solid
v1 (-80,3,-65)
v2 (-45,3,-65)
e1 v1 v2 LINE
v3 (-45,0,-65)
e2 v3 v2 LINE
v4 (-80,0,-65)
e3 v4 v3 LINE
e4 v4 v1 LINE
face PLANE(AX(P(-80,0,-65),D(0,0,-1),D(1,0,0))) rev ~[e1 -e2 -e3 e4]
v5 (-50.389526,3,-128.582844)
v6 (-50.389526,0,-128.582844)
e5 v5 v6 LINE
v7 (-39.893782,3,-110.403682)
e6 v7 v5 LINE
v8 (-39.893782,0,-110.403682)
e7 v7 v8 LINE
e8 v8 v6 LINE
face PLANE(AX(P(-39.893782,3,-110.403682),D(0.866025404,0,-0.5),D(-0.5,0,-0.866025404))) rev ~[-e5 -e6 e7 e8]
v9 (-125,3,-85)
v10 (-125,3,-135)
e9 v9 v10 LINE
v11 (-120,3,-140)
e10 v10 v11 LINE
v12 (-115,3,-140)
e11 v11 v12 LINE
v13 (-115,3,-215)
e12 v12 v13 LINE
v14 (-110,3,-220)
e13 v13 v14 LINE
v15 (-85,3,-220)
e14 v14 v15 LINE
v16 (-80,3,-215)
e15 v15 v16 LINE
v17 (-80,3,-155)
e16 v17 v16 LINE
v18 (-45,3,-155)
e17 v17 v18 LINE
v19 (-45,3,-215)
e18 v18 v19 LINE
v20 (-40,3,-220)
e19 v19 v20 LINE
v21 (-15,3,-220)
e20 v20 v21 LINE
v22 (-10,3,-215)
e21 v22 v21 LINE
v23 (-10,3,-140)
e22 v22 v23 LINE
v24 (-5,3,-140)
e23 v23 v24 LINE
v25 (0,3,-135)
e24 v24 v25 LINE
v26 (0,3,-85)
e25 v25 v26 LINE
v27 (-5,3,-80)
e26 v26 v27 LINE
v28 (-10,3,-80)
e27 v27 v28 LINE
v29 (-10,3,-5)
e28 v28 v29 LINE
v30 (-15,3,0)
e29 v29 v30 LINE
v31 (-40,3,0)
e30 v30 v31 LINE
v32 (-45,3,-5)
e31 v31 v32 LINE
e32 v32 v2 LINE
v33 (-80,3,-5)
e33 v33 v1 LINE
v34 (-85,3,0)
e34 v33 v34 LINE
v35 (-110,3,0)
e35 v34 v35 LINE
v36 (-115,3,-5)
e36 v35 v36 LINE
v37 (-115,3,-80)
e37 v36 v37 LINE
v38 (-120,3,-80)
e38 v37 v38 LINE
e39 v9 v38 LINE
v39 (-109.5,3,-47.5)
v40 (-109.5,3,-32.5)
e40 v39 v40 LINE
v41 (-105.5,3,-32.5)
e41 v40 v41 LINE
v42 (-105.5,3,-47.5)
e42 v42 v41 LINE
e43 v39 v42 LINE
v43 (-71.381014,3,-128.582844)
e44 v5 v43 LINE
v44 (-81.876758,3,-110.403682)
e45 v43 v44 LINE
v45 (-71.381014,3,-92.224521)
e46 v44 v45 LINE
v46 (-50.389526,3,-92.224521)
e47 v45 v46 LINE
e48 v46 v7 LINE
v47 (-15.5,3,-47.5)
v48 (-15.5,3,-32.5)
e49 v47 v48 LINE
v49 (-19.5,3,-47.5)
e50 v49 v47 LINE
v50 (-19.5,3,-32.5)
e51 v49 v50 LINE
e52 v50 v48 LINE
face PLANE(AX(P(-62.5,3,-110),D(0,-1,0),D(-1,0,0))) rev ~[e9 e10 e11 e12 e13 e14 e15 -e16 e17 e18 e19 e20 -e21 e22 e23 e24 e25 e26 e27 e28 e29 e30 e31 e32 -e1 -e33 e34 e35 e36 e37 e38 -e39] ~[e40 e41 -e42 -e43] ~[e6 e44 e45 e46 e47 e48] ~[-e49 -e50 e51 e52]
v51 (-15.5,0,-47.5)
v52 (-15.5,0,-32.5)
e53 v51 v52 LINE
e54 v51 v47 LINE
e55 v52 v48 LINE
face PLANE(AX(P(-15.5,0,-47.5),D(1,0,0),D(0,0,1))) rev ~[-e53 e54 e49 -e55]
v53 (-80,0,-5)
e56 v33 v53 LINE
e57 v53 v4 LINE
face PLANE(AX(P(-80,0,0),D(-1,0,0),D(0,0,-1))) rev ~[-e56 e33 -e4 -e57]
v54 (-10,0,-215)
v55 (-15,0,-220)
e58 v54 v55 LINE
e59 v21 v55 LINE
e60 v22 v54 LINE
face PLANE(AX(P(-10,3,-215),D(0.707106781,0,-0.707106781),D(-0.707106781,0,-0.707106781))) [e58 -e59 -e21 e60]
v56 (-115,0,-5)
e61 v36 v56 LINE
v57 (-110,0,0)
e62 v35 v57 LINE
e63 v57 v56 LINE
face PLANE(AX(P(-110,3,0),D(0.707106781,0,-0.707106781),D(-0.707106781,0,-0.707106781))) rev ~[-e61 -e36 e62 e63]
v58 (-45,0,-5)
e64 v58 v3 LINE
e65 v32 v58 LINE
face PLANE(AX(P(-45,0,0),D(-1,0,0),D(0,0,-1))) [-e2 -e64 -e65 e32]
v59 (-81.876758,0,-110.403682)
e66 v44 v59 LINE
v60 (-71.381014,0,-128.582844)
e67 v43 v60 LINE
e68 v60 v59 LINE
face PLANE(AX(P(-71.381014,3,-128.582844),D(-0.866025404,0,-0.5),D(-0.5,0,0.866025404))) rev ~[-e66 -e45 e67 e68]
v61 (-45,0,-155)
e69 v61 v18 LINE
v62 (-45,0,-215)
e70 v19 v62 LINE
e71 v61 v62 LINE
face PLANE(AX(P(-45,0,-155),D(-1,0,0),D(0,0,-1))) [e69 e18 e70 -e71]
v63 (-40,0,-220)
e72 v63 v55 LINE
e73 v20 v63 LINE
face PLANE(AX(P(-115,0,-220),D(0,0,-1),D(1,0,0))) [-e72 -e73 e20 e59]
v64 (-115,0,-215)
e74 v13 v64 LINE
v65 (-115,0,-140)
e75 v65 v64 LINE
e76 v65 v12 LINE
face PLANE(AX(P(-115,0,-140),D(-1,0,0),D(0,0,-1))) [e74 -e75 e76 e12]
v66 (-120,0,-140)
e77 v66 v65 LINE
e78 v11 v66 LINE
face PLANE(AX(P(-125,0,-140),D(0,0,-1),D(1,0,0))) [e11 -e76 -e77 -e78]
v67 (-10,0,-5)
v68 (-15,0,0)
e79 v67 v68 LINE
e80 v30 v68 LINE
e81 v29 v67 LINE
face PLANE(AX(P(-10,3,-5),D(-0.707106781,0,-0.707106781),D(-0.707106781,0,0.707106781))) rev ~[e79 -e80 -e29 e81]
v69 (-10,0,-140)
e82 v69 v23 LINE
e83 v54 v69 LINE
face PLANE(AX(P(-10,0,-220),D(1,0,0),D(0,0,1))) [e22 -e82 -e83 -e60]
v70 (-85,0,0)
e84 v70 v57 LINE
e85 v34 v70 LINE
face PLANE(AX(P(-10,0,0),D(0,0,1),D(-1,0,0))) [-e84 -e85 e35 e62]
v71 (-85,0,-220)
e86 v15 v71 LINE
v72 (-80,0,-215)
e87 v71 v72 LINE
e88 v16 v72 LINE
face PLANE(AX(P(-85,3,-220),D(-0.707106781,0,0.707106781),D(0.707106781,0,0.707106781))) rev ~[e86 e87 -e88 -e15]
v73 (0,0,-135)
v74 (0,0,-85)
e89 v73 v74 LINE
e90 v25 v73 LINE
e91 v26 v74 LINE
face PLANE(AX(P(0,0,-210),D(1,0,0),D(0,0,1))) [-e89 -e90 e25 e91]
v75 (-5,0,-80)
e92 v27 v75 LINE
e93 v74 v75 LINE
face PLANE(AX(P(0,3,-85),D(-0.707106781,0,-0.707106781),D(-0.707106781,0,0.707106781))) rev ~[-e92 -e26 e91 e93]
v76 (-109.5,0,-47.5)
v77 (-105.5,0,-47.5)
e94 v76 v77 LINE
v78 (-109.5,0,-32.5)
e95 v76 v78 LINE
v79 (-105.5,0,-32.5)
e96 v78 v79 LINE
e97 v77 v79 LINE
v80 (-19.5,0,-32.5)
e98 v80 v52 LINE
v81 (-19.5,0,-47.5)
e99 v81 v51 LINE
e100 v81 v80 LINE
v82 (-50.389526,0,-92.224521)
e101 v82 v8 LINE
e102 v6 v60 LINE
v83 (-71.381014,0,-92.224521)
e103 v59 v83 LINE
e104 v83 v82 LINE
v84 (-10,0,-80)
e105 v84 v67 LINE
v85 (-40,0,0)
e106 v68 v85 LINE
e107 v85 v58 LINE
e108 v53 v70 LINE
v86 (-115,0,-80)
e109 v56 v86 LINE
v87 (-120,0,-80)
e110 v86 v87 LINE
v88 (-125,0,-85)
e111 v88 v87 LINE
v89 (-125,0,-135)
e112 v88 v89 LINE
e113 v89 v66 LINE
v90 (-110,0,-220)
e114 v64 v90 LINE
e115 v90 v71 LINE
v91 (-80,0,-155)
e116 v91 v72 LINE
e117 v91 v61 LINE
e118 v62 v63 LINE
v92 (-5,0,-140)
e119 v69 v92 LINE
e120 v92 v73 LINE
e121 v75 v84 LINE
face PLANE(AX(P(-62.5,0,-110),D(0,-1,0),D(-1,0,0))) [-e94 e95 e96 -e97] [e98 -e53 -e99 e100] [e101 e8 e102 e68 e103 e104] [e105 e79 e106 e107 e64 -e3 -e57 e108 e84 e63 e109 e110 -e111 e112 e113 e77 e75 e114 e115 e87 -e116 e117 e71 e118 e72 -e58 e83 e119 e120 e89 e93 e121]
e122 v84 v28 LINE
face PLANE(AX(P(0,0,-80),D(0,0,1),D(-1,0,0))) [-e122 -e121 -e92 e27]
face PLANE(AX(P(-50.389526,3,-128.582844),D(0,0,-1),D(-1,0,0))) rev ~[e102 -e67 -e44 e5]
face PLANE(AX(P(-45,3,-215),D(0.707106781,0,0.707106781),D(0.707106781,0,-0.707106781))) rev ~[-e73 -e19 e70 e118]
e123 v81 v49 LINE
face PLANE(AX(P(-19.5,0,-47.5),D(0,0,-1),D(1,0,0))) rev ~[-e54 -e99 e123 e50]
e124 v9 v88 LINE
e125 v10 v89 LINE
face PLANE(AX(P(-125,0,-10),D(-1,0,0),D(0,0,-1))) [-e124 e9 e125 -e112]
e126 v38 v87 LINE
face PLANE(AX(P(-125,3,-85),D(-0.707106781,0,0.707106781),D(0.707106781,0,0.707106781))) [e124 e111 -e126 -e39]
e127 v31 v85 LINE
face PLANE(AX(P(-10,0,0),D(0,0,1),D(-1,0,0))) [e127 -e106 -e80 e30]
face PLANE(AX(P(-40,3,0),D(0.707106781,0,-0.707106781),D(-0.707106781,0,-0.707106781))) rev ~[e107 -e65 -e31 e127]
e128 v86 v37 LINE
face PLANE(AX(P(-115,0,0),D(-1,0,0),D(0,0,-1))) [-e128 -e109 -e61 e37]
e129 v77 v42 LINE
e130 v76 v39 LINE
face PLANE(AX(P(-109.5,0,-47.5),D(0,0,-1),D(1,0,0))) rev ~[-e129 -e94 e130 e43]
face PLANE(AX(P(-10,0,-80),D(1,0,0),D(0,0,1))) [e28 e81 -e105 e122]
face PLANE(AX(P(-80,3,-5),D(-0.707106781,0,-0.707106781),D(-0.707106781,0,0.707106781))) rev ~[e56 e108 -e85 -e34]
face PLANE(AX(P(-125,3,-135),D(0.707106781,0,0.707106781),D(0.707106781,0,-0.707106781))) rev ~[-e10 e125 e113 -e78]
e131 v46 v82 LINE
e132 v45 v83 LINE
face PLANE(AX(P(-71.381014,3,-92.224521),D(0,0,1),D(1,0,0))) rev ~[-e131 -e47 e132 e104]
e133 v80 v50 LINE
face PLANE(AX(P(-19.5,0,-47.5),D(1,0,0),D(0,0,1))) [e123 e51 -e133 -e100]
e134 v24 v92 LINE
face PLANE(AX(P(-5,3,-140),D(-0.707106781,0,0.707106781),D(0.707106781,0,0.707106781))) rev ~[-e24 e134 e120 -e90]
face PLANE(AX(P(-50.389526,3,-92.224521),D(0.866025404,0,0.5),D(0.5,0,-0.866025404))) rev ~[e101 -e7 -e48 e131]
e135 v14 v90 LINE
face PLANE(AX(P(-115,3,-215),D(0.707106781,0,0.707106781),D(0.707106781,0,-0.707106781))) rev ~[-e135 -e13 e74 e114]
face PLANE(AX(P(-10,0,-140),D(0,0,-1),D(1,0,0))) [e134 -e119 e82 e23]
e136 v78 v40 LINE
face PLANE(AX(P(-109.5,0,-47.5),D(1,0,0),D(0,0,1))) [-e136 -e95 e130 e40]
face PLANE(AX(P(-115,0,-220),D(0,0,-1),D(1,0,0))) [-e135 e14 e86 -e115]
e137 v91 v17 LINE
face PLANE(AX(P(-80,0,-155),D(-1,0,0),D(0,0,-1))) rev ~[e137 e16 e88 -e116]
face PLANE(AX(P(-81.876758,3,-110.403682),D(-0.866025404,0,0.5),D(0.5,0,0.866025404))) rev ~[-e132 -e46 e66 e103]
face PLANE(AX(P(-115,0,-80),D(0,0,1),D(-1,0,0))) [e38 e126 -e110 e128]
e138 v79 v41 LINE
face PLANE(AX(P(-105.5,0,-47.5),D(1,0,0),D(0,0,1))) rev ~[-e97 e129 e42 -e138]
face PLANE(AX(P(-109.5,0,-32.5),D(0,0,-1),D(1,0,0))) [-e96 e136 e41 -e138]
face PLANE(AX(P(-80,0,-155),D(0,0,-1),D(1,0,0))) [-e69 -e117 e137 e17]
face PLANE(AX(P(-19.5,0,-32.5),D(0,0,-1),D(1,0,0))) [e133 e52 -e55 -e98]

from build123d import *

# Parameters (mm, degrees)
BOSS_EXTRUDE1_DEPTH = 3
CUT_EXTRUDE4_START  = -3
SKETCH8_W           = 35
SKETCH8_H           = 65
CUT_EXTRUDE4_DEPTH  = 3
CUT_EXTRUDE5_DEPTH  = 3
CUT_EXTRUDE6_DEPTH  = 3
SKETCH14_W          = 4
SKETCH14_H          = 15
CUT_EXTRUDE7_DEPTH  = 10


with BuildPart() as part:
    # Sketch1 → Boss-Extrude1 (new body)
    with BuildSketch(Plane(origin=(0, 0, 0), x_dir=(1, 0, 0), z_dir=(0, 1, 0))):
        with BuildLine():
            Line((-10, 0), (-115, 0))
            ThreePointArc((-115, 0), (-122.071067812, 2.928932188), (-125, 10))
            Line((-125, 10), (-125, 210))
            ThreePointArc((-125, 210), (-122.071067812, 217.071067812), (-115, 220))
            Line((-115, 220), (-10, 220))
            ThreePointArc((-10, 220), (-2.928932188, 217.071067812), (0, 210))
            Line((0, 210), (0, 10))
            ThreePointArc((0, 10), (-2.928932188, 2.928932188), (-10, 0))
        make_face()
    extrude(amount=BOSS_EXTRUDE1_DEPTH)

    # Sketch8 → Cut-Extrude4 (cut)
    with BuildSketch(Plane(origin=(0, 3, 0), x_dir=(1, 0, 0), z_dir=(0, 1, 0)).offset(CUT_EXTRUDE4_START)):
        with BuildLine():
            Line((-115, 140), (-115, 220))
            ThreePointArc((-115, 220), (-122.071067812, 217.071067812), (-125, 210))
            Line((-125, 210), (-125, 140))
            Line((-125, 140), (-115, 140))
        make_face()
        with Locations((-62.5, 187.5)):
            Rectangle(SKETCH8_W, SKETCH8_H)
        with BuildLine():
            ThreePointArc((0, 210), (-2.928932188, 217.071067812), (-10, 220))
            Line((-10, 220), (-10, 140))
            Line((-10, 140), (0, 140))
            Line((0, 140), (0, 210))
        make_face()
        with BuildLine():
            Line((0, 10), (0, 80))
            Line((0, 80), (-10, 80))
            Line((-10, 80), (-10, 0))
            ThreePointArc((-10, 0), (-2.928932188, 2.928932188), (0, 10))
        make_face()
        with Locations((-62.5, 32.5)):
            Rectangle(SKETCH8_W, SKETCH8_H)
        with BuildLine():
            Line((-115, 80), (-125, 80))
            Line((-125, 80), (-125, 10))
            ThreePointArc((-125, 10), (-122.071067812, 2.928932188), (-115, 0))
            Line((-115, 0), (-115, 80))
        make_face()
    extrude(amount=CUT_EXTRUDE4_DEPTH, mode=Mode.SUBTRACT)

    # Sketch9 → Cut-Extrude5 (cut)
    with BuildSketch(Plane(origin=(0, 3, 0), x_dir=(1, 0, 0), z_dir=(0, 1, 0))):
        Polygon((-81.876757868, 110.403682456), (-71.381014023, 92.224520853), (-50.389526333, 92.224520853), (-39.893782487, 110.403682456), (-50.389526333, 128.582844059), (-71.381014023, 128.582844059), align=None)
    extrude(amount=-CUT_EXTRUDE5_DEPTH, mode=Mode.SUBTRACT)

    # Sketch12 → Cut-Extrude6 (cut)
    with BuildSketch(Plane(origin=(0, 3, 0), x_dir=(1, 0, 0), z_dir=(0, 1, 0))):
        Polygon((-45, 220), (-45, 215), (-40, 220), align=None)
        Polygon((-80, 220), (-85, 220), (-80, 215), align=None)
        Polygon((-115, 215), (-110, 220), (-115, 220), align=None)
        Polygon((0, 140), (-5, 140), (0, 135), align=None)
        Polygon((0, 80), (0, 85), (-5, 80), align=None)
        Polygon((-125, 135), (-120, 140), (-125, 140), align=None)
        Polygon((-110, 0), (-115, 5), (-115, 0), align=None)
        Polygon((-80, 5), (-85, 0), (-80, 0), align=None)
        Polygon((-40, 0), (-45, 5), (-45, 0), align=None)
        Polygon((-10, 0), (-10, 5), (-15, 0), align=None)
        Polygon((-15, 220), (-10, 220), (-10, 215), align=None)
        Polygon((-125, 85), (-120, 80), (-125, 80), align=None)
    extrude(amount=-CUT_EXTRUDE6_DEPTH, mode=Mode.SUBTRACT)

    # Sketch14 → Cut-Extrude7 (cut)
    with BuildSketch(Plane.XZ):
        with Locations((-17.5, -40)):
            Rectangle(SKETCH14_W, SKETCH14_H)
        with Locations((-107.5, -40)):
            Rectangle(SKETCH14_W, SKETCH14_H)
    extrude(amount=-CUT_EXTRUDE7_DEPTH, mode=Mode.SUBTRACT)


solid = part.part
